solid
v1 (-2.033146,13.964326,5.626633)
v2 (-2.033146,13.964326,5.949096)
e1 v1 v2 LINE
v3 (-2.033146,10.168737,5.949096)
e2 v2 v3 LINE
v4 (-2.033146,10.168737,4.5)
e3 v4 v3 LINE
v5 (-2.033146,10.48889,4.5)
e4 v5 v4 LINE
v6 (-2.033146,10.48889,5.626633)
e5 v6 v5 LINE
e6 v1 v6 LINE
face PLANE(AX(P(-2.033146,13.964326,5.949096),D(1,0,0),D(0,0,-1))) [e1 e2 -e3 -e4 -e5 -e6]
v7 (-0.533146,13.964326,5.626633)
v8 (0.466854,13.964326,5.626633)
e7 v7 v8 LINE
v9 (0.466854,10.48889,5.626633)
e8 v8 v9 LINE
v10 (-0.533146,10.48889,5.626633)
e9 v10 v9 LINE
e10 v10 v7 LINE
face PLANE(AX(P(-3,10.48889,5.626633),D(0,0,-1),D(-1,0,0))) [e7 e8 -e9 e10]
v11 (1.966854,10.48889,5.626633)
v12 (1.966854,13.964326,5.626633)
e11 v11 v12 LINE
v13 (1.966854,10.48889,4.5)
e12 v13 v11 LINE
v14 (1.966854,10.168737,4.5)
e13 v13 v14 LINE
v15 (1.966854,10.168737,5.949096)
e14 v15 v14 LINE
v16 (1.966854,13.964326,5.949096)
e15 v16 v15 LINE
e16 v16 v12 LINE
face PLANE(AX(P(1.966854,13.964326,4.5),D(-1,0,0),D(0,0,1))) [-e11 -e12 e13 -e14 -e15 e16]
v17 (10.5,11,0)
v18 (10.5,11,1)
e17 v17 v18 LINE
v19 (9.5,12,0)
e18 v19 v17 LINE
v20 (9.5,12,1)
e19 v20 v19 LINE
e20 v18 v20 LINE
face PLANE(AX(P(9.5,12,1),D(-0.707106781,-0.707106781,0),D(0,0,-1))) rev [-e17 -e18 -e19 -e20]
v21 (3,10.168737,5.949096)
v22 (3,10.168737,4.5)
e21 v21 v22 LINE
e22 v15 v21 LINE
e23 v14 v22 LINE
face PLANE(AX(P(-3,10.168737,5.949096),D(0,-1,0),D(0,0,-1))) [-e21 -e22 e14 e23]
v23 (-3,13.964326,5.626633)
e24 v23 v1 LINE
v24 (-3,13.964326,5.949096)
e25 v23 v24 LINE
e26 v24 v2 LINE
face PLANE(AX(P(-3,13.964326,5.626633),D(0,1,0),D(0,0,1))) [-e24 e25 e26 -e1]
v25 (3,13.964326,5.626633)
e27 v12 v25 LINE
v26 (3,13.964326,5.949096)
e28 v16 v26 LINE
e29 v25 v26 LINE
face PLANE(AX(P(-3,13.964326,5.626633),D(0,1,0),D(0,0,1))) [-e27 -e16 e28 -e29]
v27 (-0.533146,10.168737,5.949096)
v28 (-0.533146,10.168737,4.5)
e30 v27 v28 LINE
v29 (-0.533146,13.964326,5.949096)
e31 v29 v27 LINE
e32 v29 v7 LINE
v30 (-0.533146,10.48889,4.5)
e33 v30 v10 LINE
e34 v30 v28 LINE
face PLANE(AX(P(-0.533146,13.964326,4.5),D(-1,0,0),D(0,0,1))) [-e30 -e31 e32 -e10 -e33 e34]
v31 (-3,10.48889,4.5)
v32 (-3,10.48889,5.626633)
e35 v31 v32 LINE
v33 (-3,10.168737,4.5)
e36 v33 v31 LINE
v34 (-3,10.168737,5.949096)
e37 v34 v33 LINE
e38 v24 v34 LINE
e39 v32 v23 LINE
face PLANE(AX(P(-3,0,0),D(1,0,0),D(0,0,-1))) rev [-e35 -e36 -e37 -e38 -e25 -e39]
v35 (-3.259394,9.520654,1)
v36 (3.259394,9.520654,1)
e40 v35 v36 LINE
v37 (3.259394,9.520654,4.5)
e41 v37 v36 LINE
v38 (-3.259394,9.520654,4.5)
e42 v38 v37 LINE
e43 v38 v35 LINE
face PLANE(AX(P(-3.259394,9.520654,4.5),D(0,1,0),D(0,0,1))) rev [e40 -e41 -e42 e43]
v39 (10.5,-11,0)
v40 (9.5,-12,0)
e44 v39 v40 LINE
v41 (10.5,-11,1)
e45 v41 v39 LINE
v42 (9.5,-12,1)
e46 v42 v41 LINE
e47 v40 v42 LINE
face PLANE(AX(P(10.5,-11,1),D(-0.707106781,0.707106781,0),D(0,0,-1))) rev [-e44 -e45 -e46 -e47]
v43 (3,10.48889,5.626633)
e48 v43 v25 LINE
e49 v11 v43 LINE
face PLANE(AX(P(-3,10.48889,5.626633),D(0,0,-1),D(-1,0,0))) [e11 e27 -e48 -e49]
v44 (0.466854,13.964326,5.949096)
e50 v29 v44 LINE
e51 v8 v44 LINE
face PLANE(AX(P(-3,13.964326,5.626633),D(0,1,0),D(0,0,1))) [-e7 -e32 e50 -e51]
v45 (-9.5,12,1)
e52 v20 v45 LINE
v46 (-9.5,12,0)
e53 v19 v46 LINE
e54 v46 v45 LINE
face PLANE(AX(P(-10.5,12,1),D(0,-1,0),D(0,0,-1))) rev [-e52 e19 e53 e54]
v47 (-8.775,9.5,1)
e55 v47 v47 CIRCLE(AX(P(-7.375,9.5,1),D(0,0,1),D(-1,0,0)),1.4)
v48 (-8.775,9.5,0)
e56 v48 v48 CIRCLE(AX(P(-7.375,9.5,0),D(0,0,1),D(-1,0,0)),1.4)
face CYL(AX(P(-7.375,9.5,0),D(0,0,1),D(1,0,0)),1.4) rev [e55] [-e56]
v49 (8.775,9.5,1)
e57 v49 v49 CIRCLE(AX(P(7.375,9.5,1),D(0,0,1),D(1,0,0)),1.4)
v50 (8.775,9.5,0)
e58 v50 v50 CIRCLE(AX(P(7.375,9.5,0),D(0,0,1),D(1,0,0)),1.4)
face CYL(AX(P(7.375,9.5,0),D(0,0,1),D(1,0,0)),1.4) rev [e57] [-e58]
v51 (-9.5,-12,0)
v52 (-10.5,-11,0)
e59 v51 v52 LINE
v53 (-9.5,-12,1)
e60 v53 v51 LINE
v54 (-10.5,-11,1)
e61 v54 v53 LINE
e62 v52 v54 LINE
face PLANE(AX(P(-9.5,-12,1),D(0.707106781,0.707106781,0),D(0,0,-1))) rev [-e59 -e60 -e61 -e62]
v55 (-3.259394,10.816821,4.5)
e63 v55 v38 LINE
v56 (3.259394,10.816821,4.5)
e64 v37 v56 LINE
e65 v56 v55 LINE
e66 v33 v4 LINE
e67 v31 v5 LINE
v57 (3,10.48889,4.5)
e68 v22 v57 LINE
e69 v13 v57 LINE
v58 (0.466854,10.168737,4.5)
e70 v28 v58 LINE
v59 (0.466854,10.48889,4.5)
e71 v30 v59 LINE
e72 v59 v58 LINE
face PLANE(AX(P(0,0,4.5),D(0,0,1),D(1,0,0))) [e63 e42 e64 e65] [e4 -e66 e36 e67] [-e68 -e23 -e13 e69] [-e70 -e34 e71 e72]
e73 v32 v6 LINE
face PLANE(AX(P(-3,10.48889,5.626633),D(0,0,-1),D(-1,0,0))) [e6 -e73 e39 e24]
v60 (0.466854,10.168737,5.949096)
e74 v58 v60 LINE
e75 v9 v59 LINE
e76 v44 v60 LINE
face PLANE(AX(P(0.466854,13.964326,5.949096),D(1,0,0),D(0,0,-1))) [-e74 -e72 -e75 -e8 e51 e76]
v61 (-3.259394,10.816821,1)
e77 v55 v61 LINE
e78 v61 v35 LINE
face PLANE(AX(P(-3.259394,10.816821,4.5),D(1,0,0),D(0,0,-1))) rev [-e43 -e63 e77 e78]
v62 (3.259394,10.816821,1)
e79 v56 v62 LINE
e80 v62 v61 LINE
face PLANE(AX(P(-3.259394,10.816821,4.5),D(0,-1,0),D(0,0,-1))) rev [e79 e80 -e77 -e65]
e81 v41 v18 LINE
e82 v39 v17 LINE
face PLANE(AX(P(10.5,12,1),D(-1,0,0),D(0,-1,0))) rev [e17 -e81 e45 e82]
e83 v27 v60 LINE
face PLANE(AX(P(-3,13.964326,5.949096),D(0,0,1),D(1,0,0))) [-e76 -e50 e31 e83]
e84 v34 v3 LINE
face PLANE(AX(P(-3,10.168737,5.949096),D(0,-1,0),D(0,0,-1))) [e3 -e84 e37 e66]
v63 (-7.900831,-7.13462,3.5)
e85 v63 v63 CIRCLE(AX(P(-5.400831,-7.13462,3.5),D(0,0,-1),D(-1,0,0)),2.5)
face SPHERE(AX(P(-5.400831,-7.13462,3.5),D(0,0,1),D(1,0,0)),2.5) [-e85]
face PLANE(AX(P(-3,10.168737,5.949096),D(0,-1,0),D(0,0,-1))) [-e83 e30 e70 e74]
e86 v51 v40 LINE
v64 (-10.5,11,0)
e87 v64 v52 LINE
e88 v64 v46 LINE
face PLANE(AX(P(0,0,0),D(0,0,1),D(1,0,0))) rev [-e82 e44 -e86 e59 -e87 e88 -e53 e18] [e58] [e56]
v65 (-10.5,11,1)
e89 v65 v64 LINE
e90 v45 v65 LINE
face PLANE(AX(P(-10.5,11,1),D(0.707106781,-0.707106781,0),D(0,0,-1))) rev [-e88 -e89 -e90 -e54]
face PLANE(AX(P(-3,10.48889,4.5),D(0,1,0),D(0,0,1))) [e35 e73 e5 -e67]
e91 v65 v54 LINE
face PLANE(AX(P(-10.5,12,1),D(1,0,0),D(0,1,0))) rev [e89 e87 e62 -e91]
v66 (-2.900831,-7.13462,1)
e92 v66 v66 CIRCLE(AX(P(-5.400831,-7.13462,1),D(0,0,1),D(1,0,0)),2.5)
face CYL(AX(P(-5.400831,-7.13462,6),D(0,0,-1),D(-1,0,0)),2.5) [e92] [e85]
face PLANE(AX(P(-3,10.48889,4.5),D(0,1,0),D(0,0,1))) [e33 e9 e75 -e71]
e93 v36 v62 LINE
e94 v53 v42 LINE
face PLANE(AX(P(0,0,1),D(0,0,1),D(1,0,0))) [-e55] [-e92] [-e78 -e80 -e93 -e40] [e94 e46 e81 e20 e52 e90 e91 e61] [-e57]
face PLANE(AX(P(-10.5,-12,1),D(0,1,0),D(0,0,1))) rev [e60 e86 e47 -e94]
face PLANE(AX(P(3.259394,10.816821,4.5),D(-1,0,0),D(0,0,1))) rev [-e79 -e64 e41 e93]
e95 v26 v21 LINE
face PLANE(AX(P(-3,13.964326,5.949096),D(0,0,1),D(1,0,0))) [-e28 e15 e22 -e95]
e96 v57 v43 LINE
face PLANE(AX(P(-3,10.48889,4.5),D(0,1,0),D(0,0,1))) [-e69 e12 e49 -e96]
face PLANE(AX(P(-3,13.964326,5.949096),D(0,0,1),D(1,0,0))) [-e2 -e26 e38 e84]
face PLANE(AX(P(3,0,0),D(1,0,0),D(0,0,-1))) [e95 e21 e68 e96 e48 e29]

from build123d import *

# Parameters (mm, degrees)
SKETCH_2_W           = 21
SKETCH_2_H           = 24
EXTRUDE_1_DEPTH      = 1
SKETCH_3_R           = 1.4
CUT_EXTRUDE_1_DEPTH  = 16.976545309
SKETCH_4_R           = 2.5
EXTRUDE_2_DEPTH      = 5
CHAMFER_1_SIZE       = 1
FILLET_3_R           = 2.5
SKETCH_5_W           = 6.518787968
SKETCH_5_H           = 1.296166803
EXTRUDE_3_DEPTH      = 3.5
EXTRUDE_4_DEPTH      = 3
EXTRUDE_4_DEPTH_BACK = 3
SKETCH_8_W           = 1.5
SKETCH_8_H           = 1.449096172
CUT_EXTRUDE_3_DEPTH  = 19.473018506


with BuildPart() as part:
    # 草图2 → 凸台-拉伸1 (new body)
    with BuildSketch(Plane.XY):
        Rectangle(SKETCH_2_W, SKETCH_2_H)
    extrude(amount=EXTRUDE_1_DEPTH)

    # 草图3 → 切除-拉伸1 (cut, through all)
    with BuildSketch(Plane.XY.offset(1)):
        with Locations((7.375, 9.5)):
            Circle(SKETCH_3_R)
        with Locations((-7.375, 9.5)):
            Circle(SKETCH_3_R)
    extrude(amount=-CUT_EXTRUDE_1_DEPTH, mode=Mode.SUBTRACT)

    # 草图4 → 凸台-拉伸2 (add)
    with BuildSketch(Plane.XY.offset(1)):
        with Locations((-5.400830934, -7.13462041)):
            Circle(SKETCH_4_R)
    extrude(amount=EXTRUDE_2_DEPTH)

    # 倒角1
    chamfer_1_edges = [part.edges().sort_by_distance(p)[0] for p in [
        (-10.5, 12, 0.5),
        (10.5, -12, 0.5),
        (-10.5, -12, 0.5),
        (10.5, 12, 0.5),
    ]]
    chamfer(chamfer_1_edges, length=CHAMFER_1_SIZE)

    # 圆角3
    fillet_3_edges = [part.edges().sort_by_distance(p)[0] for p in [
        (-7.900830934, -7.13462041, 6),
    ]]
    fillet(fillet_3_edges, radius=FILLET_3_R)

    # 草图5 → 凸台-拉伸3 (add)
    with BuildSketch(Plane.XY.offset(1)):
        with Locations((0, 10.168737176)):
            Rectangle(SKETCH_5_W, SKETCH_5_H)
    extrude(amount=EXTRUDE_3_DEPTH)

    # 草图7 → 凸台-拉伸4 (add, two sides: drawn at the far end of the back side and taken through both)
    with BuildSketch(Plane(origin=(0, 0, 0), x_dir=(0, 0, -1), z_dir=(1, 0, 0)).offset(-EXTRUDE_4_DEPTH_BACK)):
        Polygon((-4.5, 10.48888975), (-5.626632975, 10.48888975), (-5.626632975, 13.964326433), (-5.949096172, 13.964326433), (-5.949096172, 10.168737175), (-4.5, 10.168737175), align=None)
    extrude(amount=EXTRUDE_4_DEPTH + EXTRUDE_4_DEPTH_BACK)

    # 草图8 → 切除-拉伸3 (cut, through all)
    with BuildSketch(Plane(origin=(0, 0, 0), x_dir=(1, 0, 0), z_dir=(0, 1, 0))):
        with Locations((-1.28314556, -5.224548086)):
            Rectangle(SKETCH_8_W, SKETCH_8_H)
        with Locations((1.21685444, -5.224548086)):
            Rectangle(SKETCH_8_W, SKETCH_8_H)
    extrude(amount=CUT_EXTRUDE_3_DEPTH, mode=Mode.SUBTRACT)


solid = part.part
